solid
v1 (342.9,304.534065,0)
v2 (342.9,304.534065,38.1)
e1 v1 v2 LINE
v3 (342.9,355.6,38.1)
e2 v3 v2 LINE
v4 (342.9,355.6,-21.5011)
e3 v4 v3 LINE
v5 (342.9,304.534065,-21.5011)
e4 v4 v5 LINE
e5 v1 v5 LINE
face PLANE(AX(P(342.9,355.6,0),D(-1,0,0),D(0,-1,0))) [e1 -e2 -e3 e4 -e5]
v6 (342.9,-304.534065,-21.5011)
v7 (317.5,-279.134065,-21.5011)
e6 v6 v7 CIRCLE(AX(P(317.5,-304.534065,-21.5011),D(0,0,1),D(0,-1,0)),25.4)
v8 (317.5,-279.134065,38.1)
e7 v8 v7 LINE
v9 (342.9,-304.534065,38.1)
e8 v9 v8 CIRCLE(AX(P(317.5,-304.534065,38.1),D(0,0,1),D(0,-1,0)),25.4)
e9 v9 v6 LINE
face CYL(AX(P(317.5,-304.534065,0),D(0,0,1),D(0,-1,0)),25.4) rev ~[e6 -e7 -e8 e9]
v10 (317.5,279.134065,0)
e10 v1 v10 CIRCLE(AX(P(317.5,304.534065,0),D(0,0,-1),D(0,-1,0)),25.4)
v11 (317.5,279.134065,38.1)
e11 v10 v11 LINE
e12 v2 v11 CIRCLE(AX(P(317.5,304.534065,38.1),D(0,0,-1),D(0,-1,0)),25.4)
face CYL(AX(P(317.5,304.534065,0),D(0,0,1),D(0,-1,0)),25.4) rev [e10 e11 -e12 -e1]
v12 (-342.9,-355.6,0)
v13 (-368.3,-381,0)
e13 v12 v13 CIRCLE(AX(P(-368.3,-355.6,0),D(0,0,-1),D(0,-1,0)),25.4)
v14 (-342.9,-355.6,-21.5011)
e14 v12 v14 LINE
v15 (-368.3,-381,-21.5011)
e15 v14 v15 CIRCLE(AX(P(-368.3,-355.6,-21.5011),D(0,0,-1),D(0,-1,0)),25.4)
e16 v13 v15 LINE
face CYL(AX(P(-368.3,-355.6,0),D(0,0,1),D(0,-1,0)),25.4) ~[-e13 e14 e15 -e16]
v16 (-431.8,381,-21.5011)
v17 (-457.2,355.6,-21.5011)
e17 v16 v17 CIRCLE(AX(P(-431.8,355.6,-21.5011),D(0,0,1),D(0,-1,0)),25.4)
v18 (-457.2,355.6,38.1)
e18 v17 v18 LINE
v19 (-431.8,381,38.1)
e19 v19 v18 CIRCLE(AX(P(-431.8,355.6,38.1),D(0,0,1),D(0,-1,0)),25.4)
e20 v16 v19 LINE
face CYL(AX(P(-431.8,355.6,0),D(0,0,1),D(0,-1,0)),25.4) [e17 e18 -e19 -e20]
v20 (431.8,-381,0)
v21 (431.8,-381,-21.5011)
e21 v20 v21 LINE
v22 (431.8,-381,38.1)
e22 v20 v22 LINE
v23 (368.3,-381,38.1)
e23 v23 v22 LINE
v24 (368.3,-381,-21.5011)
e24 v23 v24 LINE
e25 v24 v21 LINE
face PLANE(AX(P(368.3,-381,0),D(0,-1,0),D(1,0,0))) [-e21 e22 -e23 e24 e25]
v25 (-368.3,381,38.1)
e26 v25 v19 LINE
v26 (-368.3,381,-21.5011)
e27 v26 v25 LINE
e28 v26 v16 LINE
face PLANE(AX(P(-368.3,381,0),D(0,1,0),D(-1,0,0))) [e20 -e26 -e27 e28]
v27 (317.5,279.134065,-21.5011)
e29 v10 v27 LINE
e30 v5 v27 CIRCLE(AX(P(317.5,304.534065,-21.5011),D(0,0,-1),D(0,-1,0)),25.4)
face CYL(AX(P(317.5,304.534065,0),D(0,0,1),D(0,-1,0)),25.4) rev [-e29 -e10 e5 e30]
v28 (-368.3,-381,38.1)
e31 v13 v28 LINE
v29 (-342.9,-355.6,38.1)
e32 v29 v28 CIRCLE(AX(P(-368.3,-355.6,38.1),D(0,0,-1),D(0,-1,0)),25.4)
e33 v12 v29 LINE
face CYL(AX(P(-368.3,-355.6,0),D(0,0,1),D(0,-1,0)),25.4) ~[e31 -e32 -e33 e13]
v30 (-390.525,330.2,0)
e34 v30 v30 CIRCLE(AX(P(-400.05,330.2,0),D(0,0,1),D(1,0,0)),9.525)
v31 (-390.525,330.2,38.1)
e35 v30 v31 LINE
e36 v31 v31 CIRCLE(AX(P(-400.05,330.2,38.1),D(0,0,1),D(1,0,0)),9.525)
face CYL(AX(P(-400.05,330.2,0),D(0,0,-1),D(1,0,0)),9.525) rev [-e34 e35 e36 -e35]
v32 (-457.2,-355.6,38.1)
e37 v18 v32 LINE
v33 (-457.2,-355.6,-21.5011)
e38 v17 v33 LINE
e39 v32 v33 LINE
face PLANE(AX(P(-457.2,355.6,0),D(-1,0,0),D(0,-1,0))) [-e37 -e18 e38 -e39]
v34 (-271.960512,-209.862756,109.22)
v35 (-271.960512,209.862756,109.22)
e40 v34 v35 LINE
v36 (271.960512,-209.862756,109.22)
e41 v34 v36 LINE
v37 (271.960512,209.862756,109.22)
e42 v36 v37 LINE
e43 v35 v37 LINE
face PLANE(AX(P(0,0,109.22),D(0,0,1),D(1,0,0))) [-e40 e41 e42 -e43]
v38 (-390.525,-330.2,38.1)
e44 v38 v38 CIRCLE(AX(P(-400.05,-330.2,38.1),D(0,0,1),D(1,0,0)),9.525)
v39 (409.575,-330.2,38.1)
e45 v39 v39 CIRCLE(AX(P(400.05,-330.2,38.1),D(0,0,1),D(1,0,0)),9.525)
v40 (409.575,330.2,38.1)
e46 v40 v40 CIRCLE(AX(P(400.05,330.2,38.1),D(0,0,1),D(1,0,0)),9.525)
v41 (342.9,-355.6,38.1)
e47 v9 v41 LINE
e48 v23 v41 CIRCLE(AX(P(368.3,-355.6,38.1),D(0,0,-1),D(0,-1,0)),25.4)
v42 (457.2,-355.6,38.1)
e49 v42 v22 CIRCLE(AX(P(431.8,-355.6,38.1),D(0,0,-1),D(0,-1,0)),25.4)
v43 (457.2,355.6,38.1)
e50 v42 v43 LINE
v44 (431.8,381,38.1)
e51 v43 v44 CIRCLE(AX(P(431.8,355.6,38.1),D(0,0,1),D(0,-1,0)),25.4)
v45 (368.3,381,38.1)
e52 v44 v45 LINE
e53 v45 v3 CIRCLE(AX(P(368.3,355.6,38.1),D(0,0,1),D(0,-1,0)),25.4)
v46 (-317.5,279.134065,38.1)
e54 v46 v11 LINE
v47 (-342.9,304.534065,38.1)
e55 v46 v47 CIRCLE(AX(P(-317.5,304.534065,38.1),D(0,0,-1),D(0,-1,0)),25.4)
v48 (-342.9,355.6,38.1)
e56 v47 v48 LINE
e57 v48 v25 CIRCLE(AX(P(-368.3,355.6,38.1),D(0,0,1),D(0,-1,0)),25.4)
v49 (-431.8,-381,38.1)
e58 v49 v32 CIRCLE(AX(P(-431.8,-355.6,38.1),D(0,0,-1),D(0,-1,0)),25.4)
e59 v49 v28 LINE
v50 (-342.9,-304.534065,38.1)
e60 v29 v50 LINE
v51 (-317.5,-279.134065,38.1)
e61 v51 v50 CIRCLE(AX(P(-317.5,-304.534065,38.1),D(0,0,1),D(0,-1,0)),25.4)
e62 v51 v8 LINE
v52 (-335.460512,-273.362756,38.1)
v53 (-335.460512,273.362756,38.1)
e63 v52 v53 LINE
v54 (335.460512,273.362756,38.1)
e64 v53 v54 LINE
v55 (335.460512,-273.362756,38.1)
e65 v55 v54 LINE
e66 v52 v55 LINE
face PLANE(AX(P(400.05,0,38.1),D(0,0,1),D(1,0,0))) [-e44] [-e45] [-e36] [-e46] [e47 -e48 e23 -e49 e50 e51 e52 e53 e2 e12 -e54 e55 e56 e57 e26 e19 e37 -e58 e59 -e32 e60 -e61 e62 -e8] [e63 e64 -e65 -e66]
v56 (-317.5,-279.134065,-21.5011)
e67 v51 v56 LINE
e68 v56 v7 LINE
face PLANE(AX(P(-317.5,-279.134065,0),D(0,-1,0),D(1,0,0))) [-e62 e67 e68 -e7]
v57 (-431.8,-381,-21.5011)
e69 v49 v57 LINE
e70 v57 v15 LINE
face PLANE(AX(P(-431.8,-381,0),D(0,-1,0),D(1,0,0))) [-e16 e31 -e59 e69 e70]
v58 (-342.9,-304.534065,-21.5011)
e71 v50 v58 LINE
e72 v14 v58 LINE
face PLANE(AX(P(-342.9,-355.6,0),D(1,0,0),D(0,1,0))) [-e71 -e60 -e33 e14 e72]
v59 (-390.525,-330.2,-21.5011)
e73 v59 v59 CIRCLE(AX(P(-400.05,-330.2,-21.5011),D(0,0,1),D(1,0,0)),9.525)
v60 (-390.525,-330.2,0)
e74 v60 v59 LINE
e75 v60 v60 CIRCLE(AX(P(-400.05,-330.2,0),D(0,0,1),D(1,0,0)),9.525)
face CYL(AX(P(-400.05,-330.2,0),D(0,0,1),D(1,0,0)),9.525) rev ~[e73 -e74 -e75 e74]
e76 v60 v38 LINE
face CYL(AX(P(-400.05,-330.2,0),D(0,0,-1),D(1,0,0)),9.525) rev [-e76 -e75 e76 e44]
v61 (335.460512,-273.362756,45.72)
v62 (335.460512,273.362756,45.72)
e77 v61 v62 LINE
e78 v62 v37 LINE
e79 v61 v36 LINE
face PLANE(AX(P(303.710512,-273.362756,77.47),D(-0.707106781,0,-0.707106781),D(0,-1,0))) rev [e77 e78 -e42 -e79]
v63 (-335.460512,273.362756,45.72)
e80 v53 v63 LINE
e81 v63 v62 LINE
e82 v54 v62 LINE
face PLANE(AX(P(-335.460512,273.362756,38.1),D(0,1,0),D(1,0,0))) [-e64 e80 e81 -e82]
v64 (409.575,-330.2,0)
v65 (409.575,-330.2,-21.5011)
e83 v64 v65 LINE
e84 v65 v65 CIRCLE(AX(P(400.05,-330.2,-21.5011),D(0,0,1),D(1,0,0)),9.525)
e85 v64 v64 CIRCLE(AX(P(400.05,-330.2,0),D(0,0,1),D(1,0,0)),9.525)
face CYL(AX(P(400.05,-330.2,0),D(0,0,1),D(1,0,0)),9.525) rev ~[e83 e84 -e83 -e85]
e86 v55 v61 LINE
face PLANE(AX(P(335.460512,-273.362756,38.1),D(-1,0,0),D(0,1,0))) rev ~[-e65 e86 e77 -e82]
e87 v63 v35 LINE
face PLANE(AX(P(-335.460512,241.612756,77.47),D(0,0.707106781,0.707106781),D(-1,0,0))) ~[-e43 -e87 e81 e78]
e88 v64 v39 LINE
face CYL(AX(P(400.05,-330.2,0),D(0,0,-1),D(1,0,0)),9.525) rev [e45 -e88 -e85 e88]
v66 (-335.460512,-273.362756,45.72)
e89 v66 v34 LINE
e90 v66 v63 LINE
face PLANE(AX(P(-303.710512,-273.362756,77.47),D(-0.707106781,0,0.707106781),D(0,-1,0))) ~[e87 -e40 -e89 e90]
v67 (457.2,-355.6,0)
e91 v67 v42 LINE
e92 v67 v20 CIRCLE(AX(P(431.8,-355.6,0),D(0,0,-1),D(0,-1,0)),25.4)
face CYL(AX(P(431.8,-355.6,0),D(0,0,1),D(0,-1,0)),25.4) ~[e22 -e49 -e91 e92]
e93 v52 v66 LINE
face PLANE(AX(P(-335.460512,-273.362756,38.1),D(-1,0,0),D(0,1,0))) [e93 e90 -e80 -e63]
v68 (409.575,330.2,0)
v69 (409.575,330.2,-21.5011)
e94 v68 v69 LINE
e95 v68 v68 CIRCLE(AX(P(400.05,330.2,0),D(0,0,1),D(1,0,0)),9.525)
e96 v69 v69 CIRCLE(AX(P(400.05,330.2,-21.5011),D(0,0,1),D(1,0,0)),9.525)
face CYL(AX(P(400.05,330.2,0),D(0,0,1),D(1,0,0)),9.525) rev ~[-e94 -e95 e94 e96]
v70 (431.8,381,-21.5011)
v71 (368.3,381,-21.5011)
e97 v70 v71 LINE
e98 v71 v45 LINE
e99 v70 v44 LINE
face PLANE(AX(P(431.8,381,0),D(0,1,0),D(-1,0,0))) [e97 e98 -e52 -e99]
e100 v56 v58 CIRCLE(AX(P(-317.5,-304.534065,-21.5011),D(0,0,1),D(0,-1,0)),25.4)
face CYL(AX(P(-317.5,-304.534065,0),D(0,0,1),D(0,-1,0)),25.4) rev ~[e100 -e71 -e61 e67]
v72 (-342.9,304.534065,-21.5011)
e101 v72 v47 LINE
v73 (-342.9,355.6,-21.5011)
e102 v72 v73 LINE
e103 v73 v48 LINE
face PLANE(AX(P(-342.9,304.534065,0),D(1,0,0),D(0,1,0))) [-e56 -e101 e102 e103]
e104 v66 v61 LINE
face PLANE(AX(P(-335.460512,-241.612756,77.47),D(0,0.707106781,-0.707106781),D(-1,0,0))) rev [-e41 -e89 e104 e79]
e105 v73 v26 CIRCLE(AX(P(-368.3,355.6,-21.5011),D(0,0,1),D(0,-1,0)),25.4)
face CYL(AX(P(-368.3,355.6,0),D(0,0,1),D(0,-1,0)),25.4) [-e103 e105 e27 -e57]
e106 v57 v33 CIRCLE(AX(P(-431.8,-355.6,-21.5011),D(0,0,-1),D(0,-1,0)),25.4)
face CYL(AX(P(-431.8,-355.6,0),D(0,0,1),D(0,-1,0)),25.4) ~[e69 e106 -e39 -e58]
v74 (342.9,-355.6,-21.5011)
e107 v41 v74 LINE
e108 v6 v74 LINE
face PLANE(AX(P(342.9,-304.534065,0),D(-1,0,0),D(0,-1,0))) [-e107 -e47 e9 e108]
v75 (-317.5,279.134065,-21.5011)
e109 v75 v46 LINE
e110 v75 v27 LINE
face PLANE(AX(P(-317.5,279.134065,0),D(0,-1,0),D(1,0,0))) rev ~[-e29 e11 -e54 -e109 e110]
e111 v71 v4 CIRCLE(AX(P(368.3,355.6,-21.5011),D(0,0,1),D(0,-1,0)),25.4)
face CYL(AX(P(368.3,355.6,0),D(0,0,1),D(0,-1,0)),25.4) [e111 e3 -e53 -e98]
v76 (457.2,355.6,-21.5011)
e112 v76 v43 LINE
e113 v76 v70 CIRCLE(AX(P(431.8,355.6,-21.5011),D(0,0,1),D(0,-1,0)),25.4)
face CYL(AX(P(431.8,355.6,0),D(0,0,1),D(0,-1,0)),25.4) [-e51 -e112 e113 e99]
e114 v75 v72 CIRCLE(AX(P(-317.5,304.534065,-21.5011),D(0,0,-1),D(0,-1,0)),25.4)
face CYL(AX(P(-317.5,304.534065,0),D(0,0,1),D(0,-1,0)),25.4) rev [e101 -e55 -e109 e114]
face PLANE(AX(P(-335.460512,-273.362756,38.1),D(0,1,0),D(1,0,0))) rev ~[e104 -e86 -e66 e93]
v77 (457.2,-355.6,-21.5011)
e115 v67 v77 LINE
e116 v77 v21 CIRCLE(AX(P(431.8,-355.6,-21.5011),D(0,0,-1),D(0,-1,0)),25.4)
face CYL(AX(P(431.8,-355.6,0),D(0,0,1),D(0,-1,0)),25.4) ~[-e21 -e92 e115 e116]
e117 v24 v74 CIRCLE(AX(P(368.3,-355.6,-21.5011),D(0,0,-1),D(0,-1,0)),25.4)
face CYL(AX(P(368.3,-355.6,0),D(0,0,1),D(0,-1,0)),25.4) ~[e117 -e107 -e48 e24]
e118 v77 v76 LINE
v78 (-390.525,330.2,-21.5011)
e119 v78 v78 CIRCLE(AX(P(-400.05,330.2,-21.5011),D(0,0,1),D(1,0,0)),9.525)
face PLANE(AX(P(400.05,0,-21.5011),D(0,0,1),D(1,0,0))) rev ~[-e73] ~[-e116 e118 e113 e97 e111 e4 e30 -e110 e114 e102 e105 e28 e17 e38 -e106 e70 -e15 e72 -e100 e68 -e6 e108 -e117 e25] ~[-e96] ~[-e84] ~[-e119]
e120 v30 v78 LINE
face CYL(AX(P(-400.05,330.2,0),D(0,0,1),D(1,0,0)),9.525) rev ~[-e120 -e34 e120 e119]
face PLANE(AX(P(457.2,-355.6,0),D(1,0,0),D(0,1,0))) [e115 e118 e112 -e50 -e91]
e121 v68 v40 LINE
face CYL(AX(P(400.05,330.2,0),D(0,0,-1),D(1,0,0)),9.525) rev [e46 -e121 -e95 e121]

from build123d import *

# Parameters (mm, degrees)
F0_R     = 9.525
F0_W     = 685.8
F0_H     = 558.2681298256
F1_DEPTH = 38.1
F2_R     = 25.4
F3_W     = 670.9210244843
F3_H     = 546.7255115509
F4_DEPTH = 71.12
F5_SIZE  = 63.5
F6_DEPTH = 21.5011


with BuildPart() as f1:
    # F0 (on Top) → F1 (new body)
    with BuildSketch(Plane.XY):
        Polygon((457.2, -381), (457.2, 381), (342.9, 381), (342.9, 279.1340649128), (342.9, -279.1340649128), (342.9, -381), align=None)
        with Locations((400.05, -330.2)):
            Circle(F0_R, mode=Mode.SUBTRACT)
        with Locations((400.05, 330.2)):
            Circle(F0_R, mode=Mode.SUBTRACT)
        Rectangle(F0_W, F0_H)
        Polygon((-342.9, -279.1340649128), (-342.9, 279.1340649128), (-342.9, 381), (-457.2, 381), (-457.2, -381), (-342.9, -381), align=None)
        with Locations((-400.05, -330.2)):
            Circle(F0_R, mode=Mode.SUBTRACT)
        with Locations((-400.05, 330.2)):
            Circle(F0_R, mode=Mode.SUBTRACT)
    extrude(amount=F1_DEPTH)

    # F2
    f2_edges = [f1.edges().sort_by_distance(p)[0] for p in [
        (-457.2, -381, 19.05),
        (-342.9, -381, 19.05),
        (342.9, -381, 19.05),
        (457.2, -381, 19.05),
        (342.9, 381, 19.05),
        (-457.2, 381, 19.05),
        (-342.9, -279.134065, 19.05),
        (342.9, -279.134065, 19.05),
        (457.2, 381, 19.05),
        (-342.9, 279.134065, 19.05),
        (-342.9, 381, 19.05),
        (342.9, 279.134065, 19.05),
    ]]
    fillet(f2_edges, radius=F2_R)

    # F3 (on face) → F4 (join)
    with BuildSketch(Plane.XY.offset(38.1)):
        Rectangle(F3_W, F3_H)
    extrude(amount=F4_DEPTH)

    # F5
    f5_edges = [f1.edges().sort_by_distance(p)[0] for p in [
        (0, 273.362756, 109.22),
        (335.460512, 0, 109.22),
        (-335.460512, 0, 109.22),
        (0, -273.362756, 109.22),
    ]]
    chamfer(f5_edges, length=F5_SIZE)

    # F6 (add): a face of the model
    f6_faces = [f1.faces().sort_by_distance(p)[0] for p in [
        (0, 0, 0),
    ]]
    extrude(f6_faces, amount=F6_DEPTH)


solid = f1.part
